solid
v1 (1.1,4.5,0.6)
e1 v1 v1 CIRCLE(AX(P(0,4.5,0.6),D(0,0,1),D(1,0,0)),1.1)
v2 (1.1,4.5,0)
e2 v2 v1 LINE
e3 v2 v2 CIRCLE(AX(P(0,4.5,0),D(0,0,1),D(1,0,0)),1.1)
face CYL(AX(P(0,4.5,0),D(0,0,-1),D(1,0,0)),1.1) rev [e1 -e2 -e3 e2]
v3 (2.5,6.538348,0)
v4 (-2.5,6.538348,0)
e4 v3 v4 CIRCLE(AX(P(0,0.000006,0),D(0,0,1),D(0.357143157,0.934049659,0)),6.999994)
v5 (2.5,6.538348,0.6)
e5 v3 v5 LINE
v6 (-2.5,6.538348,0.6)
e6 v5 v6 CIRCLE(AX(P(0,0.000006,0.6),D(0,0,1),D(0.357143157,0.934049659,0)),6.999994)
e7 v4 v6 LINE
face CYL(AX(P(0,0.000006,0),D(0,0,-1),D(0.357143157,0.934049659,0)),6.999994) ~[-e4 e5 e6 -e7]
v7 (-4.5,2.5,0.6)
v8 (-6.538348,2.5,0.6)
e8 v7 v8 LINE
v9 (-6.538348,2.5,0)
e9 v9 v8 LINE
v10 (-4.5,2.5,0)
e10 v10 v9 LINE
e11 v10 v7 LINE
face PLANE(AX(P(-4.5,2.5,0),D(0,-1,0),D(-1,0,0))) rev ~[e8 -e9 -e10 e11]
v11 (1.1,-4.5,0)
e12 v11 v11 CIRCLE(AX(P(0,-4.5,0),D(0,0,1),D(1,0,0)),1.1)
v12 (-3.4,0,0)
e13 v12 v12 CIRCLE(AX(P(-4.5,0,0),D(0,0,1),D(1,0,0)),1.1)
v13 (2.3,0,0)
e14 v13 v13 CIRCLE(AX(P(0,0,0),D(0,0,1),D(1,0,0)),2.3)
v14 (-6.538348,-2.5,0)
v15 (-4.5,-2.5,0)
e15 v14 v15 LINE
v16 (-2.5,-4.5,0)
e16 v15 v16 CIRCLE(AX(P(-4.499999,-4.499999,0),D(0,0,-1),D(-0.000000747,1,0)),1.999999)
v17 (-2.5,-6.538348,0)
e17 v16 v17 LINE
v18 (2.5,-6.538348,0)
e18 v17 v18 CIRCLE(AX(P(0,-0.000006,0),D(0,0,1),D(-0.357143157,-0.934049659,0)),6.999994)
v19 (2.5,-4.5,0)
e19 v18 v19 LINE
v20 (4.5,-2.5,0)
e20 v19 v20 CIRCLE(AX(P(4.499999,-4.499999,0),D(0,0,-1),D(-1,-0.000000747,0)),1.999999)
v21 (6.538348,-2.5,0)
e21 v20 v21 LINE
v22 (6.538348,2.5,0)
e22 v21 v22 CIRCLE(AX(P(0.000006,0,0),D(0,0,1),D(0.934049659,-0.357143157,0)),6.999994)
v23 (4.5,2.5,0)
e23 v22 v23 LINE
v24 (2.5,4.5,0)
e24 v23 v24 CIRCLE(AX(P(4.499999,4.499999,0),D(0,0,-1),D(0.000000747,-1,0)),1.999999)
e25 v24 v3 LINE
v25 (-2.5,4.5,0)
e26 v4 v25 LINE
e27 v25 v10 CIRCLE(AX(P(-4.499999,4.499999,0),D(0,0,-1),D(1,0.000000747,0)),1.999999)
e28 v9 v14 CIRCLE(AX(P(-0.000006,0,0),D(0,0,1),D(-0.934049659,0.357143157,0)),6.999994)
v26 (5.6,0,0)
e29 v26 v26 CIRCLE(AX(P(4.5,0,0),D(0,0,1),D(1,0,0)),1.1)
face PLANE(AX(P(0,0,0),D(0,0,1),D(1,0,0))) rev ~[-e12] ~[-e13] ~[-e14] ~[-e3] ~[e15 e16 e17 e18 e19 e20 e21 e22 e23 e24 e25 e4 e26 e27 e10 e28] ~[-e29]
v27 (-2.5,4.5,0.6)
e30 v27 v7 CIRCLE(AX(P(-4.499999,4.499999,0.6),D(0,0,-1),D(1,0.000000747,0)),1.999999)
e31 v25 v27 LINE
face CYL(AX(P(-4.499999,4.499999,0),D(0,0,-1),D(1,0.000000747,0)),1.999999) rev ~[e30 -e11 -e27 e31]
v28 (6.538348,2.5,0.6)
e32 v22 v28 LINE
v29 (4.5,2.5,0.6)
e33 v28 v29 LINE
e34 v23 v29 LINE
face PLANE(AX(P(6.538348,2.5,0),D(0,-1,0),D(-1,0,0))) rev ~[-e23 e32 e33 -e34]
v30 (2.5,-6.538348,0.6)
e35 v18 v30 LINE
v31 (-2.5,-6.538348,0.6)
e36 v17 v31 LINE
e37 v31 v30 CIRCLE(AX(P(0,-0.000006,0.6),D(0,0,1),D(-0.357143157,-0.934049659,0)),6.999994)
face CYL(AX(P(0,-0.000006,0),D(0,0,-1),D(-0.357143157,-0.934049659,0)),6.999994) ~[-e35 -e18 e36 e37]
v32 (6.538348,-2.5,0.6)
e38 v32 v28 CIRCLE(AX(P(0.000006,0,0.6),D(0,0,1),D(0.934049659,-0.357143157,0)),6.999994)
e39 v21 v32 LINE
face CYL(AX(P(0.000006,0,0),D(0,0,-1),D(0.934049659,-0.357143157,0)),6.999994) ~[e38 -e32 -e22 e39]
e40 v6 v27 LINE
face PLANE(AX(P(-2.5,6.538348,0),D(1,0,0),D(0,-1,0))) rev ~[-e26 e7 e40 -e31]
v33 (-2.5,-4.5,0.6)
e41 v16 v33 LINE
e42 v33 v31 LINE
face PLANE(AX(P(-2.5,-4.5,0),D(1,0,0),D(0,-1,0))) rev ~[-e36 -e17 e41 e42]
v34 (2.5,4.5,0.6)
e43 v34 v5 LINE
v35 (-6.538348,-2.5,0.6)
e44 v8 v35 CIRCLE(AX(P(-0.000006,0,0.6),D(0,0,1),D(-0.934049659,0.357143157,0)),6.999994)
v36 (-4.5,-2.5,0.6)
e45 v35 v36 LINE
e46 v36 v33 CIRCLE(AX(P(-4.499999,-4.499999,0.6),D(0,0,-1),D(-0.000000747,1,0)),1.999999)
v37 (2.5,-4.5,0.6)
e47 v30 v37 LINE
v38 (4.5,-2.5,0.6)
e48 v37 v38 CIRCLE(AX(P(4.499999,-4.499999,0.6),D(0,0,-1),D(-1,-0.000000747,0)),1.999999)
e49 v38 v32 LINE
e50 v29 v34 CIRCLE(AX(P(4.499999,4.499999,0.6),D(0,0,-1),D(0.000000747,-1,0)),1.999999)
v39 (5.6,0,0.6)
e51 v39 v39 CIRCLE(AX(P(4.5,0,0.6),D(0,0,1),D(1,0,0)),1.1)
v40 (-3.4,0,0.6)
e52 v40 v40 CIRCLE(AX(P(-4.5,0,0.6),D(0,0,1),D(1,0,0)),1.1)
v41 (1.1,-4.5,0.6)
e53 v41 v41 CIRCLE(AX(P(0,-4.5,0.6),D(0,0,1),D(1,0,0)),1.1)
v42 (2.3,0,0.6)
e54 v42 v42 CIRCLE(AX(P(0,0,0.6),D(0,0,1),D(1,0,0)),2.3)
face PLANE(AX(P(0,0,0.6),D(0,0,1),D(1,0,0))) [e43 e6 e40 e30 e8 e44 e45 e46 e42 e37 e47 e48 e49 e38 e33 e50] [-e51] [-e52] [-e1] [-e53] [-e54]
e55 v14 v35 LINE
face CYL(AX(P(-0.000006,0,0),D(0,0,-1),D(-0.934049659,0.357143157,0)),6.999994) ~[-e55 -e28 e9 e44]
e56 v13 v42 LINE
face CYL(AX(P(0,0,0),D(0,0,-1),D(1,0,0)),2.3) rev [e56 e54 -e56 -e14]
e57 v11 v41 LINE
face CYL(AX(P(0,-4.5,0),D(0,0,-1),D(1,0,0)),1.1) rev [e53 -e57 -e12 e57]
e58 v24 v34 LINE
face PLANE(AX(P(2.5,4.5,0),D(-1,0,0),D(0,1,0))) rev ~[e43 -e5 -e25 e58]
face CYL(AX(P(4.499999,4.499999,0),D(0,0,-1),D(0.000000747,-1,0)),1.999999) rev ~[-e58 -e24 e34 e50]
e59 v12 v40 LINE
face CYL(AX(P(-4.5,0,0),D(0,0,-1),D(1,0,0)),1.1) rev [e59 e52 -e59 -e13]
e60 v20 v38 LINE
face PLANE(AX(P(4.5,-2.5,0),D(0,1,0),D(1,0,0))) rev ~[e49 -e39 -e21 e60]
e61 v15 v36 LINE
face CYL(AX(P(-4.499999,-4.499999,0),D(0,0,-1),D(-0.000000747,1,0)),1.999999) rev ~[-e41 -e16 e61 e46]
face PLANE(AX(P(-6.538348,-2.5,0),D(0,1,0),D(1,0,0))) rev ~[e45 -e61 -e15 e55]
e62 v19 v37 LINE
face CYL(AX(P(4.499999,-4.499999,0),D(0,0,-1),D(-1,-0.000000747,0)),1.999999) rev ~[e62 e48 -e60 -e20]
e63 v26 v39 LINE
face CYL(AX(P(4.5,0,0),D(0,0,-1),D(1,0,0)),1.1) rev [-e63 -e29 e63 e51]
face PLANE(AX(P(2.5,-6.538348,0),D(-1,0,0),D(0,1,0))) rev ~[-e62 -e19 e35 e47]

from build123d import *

# Parameters (mm, degrees)
F0_R     = 1.1
F0_R_2   = 2.3
F1_DEPTH = 0.6


with BuildPart() as f1:
    # F0 (on Top) → F1 (new body)
    with BuildSketch(Plane.XY):
        with BuildLine():
            Line((2.5, 4.5), (2.5, 6.538348))
            ThreePointArc((2.5, 6.538348), (0, 7), (-2.5, 6.538348))
            Line((-2.5, 6.538348), (-2.5, 4.5))
            ThreePointArc((-2.5, 4.5), (-3.085786, 3.085786), (-4.5, 2.5))
            Line((-4.5, 2.5), (-6.538348, 2.5))
            ThreePointArc((-6.538348, 2.5), (-7, 0), (-6.538348, -2.5))
            Line((-6.538348, -2.5), (-4.5, -2.5))
            ThreePointArc((-4.5, -2.5), (-3.085786, -3.085786), (-2.5, -4.5))
            Line((-2.5, -4.5), (-2.5, -6.538348))
            ThreePointArc((-2.5, -6.538348), (0, -7), (2.5, -6.538348))
            Line((2.5, -6.538348), (2.5, -4.5))
            ThreePointArc((2.5, -4.5), (3.085786, -3.085786), (4.5, -2.5))
            Line((4.5, -2.5), (6.538348, -2.5))
            ThreePointArc((6.538348, -2.5), (7, 0), (6.538348, 2.5))
            Line((6.538348, 2.5), (4.5, 2.5))
            ThreePointArc((4.5, 2.5), (3.085786, 3.085786), (2.5, 4.5))
        make_face()
        with Locations((0, -4.5)):
            Circle(F0_R, mode=Mode.SUBTRACT)
        with Locations((-4.5, 0)):
            Circle(F0_R, mode=Mode.SUBTRACT)
        Circle(F0_R_2, mode=Mode.SUBTRACT)
        with Locations((4.5, 0)):
            Circle(F0_R, mode=Mode.SUBTRACT)
        with Locations((0, 4.5)):
            Circle(F0_R, mode=Mode.SUBTRACT)
    extrude(amount=F1_DEPTH)


solid = f1.part
